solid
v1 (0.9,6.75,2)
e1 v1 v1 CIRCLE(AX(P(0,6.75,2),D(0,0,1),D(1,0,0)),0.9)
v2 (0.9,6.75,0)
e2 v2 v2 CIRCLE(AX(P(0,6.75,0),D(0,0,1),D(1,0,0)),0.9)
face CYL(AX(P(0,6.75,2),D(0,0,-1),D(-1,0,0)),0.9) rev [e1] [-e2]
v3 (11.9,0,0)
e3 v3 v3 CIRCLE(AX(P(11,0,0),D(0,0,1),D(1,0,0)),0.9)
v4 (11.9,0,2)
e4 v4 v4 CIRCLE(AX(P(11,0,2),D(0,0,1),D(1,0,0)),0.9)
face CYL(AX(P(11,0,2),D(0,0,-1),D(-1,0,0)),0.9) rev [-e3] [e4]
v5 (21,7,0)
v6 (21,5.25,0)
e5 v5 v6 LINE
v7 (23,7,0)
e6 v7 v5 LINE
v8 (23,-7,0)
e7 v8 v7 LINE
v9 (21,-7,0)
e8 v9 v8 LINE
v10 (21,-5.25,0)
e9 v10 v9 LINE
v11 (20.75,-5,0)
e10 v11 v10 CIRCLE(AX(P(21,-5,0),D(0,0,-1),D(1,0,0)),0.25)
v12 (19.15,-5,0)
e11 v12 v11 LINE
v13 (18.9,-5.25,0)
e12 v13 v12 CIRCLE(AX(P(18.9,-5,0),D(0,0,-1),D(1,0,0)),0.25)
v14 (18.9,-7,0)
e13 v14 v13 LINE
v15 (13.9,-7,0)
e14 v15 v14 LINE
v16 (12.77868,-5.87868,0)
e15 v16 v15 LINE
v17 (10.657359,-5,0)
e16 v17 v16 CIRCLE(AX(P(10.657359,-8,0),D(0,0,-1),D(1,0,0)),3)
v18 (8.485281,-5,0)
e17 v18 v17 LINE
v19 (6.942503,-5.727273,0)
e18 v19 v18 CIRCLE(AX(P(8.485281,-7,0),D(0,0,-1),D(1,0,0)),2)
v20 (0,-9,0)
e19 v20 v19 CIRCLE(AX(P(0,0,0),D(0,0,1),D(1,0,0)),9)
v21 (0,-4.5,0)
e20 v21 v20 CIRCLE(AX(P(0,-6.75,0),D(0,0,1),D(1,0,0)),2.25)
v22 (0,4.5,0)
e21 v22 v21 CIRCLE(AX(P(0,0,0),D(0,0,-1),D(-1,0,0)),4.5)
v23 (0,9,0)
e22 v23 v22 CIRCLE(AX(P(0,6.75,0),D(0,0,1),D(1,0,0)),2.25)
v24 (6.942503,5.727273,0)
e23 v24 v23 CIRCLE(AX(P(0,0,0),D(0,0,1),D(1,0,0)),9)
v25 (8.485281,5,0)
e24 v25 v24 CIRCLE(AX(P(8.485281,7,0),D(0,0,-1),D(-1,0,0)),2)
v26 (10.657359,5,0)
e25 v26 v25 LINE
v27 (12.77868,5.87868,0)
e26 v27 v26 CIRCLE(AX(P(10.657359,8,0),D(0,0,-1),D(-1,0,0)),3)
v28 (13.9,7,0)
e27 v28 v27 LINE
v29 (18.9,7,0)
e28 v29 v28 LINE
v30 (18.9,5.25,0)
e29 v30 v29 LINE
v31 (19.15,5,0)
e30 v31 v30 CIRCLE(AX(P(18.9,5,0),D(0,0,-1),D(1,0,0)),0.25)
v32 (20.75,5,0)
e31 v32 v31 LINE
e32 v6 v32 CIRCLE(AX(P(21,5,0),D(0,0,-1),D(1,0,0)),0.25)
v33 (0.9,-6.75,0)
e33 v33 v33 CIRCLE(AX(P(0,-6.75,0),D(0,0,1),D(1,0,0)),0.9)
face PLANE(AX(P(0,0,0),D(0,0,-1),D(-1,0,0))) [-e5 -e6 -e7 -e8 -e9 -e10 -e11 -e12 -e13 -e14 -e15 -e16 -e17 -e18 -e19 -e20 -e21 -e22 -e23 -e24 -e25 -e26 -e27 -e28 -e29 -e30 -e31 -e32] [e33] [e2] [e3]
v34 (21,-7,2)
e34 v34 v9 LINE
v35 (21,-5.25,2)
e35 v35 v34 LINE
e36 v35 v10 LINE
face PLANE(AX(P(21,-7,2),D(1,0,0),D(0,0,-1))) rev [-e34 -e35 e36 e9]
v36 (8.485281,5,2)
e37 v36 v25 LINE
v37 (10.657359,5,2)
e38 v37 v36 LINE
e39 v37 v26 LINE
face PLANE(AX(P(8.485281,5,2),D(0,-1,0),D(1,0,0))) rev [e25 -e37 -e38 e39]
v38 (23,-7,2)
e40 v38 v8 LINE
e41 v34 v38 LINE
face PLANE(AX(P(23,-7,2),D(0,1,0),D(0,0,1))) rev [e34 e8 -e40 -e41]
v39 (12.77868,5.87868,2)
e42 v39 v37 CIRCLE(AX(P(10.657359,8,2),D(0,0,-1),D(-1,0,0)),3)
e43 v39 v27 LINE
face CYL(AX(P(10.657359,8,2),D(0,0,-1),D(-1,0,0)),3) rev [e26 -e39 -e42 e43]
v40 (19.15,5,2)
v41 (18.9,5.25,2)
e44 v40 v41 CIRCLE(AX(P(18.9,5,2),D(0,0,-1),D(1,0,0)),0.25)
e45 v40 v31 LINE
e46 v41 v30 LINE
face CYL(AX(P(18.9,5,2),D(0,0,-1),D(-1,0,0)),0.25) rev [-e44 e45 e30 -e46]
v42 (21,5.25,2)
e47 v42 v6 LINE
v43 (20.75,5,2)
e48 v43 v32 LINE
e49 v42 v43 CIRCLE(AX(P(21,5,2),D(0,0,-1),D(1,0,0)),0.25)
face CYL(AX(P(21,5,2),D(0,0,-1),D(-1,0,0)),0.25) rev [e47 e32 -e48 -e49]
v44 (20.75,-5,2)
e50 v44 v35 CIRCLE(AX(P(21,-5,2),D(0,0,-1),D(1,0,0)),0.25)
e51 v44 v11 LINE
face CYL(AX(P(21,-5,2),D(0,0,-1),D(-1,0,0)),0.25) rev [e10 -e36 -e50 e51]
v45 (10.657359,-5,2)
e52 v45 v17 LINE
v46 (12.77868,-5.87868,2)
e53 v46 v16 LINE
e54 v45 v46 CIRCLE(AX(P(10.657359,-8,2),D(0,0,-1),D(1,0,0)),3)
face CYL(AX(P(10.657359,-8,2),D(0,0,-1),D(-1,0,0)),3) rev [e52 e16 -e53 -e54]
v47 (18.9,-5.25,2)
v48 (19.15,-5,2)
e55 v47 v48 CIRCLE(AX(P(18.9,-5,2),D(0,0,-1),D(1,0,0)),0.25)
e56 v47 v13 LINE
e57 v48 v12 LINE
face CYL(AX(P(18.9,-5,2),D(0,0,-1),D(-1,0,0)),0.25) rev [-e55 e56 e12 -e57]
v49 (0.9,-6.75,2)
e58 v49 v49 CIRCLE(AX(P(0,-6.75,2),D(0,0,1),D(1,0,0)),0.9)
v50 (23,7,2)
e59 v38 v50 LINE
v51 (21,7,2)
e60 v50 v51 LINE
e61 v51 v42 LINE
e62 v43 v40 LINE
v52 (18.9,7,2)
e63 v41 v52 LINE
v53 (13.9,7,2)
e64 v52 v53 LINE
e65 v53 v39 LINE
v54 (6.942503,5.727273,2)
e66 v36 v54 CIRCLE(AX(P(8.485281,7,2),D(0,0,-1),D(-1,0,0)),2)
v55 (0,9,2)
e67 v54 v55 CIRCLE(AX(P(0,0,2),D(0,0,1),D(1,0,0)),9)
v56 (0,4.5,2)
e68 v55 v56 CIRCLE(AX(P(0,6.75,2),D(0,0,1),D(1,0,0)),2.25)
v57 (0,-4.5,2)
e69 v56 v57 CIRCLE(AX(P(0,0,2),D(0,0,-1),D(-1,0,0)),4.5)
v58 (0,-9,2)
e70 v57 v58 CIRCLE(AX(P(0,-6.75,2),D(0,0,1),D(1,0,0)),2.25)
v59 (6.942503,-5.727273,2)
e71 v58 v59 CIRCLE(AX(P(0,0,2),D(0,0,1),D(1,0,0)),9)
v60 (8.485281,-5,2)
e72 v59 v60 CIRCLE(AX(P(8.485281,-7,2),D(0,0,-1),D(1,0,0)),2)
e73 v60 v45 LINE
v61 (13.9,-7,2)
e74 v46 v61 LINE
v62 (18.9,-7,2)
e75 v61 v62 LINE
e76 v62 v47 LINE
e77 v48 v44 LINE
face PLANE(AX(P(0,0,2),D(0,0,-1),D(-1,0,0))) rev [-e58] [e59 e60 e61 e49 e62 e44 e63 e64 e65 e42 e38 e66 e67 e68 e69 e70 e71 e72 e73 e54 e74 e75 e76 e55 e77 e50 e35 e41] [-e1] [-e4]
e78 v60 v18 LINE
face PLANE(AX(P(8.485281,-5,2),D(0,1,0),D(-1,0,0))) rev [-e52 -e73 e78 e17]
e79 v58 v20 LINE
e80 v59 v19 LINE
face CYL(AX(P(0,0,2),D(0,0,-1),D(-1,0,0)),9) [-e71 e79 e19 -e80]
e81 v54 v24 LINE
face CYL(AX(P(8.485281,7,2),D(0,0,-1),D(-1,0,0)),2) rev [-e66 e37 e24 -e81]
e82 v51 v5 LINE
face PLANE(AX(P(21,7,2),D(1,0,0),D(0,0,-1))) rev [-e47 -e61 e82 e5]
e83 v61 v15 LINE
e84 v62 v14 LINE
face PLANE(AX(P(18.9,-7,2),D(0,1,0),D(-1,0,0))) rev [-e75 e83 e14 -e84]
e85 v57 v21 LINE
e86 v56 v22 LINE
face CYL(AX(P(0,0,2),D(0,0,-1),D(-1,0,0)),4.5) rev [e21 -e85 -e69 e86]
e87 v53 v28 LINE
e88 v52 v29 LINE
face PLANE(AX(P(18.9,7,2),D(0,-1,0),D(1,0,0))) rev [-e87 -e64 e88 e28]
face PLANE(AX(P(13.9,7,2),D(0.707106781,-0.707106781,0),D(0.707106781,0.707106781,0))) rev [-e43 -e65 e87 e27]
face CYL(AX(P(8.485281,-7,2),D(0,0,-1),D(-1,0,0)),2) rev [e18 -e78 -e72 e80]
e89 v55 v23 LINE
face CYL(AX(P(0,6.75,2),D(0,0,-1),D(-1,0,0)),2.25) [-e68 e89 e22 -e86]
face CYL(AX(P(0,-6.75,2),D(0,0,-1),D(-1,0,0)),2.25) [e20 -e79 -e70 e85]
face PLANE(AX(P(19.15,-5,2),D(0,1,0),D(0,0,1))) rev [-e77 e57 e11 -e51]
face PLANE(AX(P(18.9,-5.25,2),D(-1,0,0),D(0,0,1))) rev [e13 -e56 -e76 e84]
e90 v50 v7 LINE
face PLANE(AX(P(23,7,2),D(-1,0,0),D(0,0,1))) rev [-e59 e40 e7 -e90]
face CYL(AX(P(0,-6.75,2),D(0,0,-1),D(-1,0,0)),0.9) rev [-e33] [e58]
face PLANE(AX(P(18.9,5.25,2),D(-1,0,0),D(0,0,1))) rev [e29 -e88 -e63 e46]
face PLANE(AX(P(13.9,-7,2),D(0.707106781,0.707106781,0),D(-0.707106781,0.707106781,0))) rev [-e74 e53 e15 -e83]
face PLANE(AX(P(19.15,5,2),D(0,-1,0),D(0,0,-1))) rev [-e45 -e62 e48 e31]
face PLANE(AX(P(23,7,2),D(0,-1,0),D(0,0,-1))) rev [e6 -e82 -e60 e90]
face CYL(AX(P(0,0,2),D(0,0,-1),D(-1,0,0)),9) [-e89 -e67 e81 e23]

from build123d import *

# Parameters (mm, degrees)
SKETCH_1_R      = 0.9
EXTRUDE_1_DEPTH = 2


with BuildPart() as part:
    # 草图1 → 凸台-拉伸1 (new body)
    with BuildSketch(Plane.XY):
        with BuildLine():
            Line((8.485281374, -5), (10.657359313, -5))
            ThreePointArc((10.657359313, -5), (11.80540961, -5.228361402), (12.778679656, -5.878679656))
            Line((12.778679656, -5.878679656), (13.9, -7))
            Line((13.9, -7), (18.9, -7))
            Line((18.9, -7), (18.9, -5.25))
            ThreePointArc((18.9, -5.25), (18.723223305, -4.823223305), (19.15, -5))
            Line((19.15, -5), (20.75, -5))
            ThreePointArc((20.75, -5), (21.176776695, -4.823223305), (21, -5.25))
            Line((21, -5.25), (21, -7))
            Line((21, -7), (23, -7))
            Line((23, -7), (23, 7))
            Line((23, 7), (21, 7))
            Line((21, 7), (21, 5.25))
            ThreePointArc((21, 5.25), (21.176776695, 4.823223305), (20.75, 5))
            Line((20.75, 5), (19.15, 5))
            ThreePointArc((19.15, 5), (18.723223305, 4.823223305), (18.9, 5.25))
            Line((18.9, 5.25), (18.9, 7))
            Line((18.9, 7), (13.9, 7))
            Line((13.9, 7), (12.778679656, 5.878679656))
            ThreePointArc((12.778679656, 5.878679656), (11.80540961, 5.228361402), (10.657359313, 5))
            Line((10.657359313, 5), (8.485281374, 5))
            ThreePointArc((8.485281374, 5), (7.632478509, 5.190931933), (6.942502943, 5.727272727))
            ThreePointArc((6.942502943, 5.727272727), (3.837612894, 8.140806304), (0, 9))
            ThreePointArc((0, 9), (-2.25, 6.75), (0, 4.5))
            ThreePointArc((0, 4.5), (4.5, 0), (0, -4.5))
            ThreePointArc((0, -4.5), (-2.25, -6.75), (0, -9))
            ThreePointArc((0, -9), (3.837612894, -8.140806304), (6.942502943, -5.727272727))
            ThreePointArc((6.942502943, -5.727272727), (7.632478509, -5.190931933), (8.485281374, -5))
        make_face()
        with Locations((0, 6.75)):
            Circle(SKETCH_1_R, mode=Mode.SUBTRACT)
        with Locations((0, -6.75)):
            Circle(SKETCH_1_R, mode=Mode.SUBTRACT)
        with Locations((11, 0)):
            Circle(SKETCH_1_R, mode=Mode.SUBTRACT)
    extrude(amount=EXTRUDE_1_DEPTH)


solid = part.part
